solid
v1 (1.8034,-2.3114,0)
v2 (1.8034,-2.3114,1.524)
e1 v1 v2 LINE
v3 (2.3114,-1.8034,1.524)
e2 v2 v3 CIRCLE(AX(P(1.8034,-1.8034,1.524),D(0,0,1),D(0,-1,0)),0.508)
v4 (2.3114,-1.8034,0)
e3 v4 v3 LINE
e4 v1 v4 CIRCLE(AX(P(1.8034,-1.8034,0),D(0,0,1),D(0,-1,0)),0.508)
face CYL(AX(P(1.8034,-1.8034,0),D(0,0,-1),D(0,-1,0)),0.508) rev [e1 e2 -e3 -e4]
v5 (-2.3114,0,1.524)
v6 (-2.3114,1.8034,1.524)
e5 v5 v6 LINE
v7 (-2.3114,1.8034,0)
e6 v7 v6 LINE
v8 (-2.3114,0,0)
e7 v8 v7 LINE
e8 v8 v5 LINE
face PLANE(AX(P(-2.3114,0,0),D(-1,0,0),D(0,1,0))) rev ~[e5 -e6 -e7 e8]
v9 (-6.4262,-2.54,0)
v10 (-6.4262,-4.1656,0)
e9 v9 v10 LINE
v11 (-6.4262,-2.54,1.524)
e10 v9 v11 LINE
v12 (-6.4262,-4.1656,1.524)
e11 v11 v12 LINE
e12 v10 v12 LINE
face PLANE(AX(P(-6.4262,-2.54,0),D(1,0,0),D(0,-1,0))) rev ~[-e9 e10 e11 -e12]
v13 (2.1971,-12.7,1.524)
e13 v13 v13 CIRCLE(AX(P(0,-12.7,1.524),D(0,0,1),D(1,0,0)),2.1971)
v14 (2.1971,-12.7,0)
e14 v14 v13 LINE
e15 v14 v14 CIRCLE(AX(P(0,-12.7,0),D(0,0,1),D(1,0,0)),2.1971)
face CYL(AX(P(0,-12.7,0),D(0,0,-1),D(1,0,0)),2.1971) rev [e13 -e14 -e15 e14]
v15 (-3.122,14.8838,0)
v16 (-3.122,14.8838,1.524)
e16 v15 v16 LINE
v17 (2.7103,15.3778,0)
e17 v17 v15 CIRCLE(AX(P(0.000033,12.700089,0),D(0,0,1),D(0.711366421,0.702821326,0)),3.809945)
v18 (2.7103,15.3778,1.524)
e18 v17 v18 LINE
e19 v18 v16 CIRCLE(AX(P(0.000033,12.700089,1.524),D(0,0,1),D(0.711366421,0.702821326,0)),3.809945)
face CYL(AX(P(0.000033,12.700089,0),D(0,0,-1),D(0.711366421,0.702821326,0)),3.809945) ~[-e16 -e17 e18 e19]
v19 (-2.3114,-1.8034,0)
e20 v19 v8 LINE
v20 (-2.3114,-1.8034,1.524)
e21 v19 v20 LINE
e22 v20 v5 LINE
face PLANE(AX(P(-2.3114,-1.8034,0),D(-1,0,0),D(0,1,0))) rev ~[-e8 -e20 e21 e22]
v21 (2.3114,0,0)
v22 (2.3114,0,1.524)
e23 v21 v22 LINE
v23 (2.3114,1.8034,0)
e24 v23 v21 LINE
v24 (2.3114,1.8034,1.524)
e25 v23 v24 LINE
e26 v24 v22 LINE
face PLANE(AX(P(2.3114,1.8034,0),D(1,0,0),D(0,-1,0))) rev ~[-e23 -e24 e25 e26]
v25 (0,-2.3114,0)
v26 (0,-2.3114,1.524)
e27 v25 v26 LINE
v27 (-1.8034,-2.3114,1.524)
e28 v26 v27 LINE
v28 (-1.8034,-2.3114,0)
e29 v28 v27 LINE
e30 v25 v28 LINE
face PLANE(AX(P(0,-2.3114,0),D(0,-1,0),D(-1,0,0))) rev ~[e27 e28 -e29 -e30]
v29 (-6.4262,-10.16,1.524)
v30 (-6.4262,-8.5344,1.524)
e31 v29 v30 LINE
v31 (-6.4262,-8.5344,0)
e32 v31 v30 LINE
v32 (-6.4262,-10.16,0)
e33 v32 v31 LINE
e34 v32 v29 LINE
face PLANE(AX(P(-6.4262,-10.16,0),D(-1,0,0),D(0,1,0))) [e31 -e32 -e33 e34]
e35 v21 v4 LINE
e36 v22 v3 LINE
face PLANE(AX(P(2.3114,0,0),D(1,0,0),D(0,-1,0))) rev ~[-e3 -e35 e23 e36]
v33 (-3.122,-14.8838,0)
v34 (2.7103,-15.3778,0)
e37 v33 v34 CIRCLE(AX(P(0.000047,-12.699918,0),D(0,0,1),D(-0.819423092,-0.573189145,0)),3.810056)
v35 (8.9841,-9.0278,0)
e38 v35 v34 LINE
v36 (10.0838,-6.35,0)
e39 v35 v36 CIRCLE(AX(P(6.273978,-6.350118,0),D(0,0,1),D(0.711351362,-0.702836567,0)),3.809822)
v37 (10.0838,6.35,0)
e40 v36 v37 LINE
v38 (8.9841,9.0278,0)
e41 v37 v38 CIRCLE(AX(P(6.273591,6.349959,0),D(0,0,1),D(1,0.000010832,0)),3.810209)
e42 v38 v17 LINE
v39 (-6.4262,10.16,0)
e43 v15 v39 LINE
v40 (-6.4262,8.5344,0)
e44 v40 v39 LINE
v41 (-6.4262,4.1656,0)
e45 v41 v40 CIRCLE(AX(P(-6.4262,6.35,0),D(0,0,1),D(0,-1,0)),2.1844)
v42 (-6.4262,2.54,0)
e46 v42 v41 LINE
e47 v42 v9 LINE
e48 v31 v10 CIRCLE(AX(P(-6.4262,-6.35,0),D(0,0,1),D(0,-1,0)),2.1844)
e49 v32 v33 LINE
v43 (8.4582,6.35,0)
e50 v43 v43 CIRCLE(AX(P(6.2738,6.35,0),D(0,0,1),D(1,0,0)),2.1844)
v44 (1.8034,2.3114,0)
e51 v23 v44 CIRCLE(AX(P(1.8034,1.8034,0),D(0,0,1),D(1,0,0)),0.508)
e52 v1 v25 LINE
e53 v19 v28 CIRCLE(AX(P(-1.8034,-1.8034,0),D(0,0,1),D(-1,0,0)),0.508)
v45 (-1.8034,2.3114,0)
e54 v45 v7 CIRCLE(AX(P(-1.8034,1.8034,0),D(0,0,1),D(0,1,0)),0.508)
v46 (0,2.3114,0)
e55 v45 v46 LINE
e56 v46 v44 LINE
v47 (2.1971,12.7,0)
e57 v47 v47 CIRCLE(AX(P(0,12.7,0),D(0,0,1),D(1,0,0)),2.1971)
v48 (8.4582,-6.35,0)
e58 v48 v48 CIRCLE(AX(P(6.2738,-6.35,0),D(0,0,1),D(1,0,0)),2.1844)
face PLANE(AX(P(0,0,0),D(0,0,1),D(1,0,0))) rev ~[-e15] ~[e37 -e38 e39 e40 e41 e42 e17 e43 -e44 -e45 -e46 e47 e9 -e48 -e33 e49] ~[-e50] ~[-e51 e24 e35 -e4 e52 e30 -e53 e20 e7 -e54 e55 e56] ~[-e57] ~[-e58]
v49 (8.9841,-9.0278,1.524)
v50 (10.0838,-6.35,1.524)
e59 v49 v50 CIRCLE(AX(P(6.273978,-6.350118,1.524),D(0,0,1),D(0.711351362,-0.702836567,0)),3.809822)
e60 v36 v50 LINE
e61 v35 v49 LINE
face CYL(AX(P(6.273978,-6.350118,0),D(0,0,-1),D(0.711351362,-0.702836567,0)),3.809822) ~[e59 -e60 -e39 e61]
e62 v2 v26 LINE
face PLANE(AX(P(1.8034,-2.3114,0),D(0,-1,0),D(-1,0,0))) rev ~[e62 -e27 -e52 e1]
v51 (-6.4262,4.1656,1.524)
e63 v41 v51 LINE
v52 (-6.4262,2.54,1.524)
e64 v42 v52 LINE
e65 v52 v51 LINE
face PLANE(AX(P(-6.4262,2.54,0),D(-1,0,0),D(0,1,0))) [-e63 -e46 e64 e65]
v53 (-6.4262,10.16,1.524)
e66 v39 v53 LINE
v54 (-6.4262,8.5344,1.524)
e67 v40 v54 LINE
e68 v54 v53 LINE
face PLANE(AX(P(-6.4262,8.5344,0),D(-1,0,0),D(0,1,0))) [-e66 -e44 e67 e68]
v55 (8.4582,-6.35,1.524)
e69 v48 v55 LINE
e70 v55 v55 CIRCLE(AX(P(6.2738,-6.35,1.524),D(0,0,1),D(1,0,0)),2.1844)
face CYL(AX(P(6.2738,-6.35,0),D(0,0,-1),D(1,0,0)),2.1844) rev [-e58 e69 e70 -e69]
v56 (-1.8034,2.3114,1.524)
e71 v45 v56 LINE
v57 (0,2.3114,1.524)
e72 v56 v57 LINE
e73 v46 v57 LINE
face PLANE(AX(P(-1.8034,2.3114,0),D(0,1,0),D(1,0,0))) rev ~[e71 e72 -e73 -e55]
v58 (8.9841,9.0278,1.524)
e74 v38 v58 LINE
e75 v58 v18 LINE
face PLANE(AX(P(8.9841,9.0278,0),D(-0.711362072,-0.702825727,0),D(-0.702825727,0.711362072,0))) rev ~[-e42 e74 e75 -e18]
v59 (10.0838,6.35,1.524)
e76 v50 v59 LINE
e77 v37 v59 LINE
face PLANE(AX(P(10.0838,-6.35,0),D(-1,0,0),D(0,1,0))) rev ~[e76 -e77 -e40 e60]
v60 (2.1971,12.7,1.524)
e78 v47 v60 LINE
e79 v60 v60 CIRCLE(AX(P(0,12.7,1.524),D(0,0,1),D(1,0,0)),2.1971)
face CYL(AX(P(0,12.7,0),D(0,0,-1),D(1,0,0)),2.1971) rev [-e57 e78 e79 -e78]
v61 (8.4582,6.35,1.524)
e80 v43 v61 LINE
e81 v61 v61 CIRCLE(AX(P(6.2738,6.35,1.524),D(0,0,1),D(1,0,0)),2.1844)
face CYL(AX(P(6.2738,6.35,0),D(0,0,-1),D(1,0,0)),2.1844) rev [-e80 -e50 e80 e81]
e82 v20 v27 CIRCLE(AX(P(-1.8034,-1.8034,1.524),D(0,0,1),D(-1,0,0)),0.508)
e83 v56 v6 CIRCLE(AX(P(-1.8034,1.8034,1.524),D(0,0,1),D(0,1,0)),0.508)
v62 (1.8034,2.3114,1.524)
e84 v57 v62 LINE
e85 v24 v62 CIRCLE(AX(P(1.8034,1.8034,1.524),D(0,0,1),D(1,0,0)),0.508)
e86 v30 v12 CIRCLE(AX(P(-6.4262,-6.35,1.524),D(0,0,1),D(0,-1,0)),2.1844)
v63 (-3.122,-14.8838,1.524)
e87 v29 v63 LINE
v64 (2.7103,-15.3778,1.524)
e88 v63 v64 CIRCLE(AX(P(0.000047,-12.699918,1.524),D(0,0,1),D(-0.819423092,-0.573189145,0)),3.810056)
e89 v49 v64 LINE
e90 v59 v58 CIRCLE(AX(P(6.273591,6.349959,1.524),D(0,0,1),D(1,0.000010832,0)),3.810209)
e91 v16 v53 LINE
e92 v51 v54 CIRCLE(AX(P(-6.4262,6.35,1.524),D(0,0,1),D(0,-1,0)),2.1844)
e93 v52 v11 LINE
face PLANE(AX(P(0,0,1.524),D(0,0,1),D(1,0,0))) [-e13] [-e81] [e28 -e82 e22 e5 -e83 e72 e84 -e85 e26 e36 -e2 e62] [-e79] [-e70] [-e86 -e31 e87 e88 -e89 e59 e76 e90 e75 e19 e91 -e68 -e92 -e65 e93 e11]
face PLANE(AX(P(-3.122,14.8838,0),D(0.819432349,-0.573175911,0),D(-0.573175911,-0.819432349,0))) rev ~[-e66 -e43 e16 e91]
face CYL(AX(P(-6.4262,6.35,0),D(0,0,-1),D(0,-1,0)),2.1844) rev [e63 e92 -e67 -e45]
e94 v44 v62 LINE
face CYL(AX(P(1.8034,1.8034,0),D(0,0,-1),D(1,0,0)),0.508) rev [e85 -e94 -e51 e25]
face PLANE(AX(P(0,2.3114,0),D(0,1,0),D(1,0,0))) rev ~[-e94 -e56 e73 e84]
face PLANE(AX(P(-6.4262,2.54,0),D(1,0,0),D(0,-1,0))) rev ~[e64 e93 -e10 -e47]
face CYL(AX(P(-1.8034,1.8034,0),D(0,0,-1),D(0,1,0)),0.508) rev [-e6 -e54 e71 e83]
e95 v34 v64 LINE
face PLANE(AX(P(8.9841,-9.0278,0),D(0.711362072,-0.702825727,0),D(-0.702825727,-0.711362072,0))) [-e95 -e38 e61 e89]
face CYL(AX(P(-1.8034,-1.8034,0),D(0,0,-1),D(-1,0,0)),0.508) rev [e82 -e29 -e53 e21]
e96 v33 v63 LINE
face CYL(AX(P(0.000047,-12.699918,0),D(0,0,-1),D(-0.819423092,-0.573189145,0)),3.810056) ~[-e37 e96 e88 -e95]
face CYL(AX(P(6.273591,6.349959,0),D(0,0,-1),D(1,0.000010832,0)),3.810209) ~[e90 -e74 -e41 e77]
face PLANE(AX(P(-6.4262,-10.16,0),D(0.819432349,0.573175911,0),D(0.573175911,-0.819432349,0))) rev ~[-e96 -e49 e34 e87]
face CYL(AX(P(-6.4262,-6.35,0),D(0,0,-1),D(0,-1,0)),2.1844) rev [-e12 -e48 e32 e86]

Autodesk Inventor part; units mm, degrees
ref_plane "YZ Plane" through (0, 0, 0) normal (1, 0, 0) x (0, 1, 0)
ref_plane "XZ Plane" through (0, 0, 0) normal (0, 1, 0) x (-1, 0, 0)
ref_plane "XY Plane" through (0, 0, 0) normal (0, 0, 1) x (1, 0, 0)
sketch "Sketch1" plane through (0, 0, 0) normal (0, 0, 1) x (1, 0, 0)
  line L0 (0, 0) -> (0, -2.3114)
  line L1 (0, 0) -> (0, 2.3114)
  line L2 (0, 0) -> (2.3114, 0)
  line L3 (0, 0) -> (-2.3114, 0)
  line L4 (0, -2.3114) -> (-1.8034, -2.3114)
  line L5 (-2.3114, -1.8034) -> (-2.3114, 1.8034)
  line L6 (-1.8034, 2.3114) -> (1.8034, 2.3114)
  line L7 (2.3114, 1.8034) -> (2.3114, -1.8034)
  line L8 (1.8034, -2.3114) -> (0, -2.3114)
  arc A0 (1.8034, -2.3114) -> (2.3114, -1.8034) centre (1.8034, -1.8034) ccw
  arc A1 (-2.3114, -1.8034) -> (-1.8034, -2.3114) centre (-1.8034, -1.8034) ccw
  arc A2 (-1.8034, 2.3114) -> (-2.3114, 1.8034) centre (-1.8034, 1.8034) ccw
  arc A3 (2.3114, 1.8034) -> (1.8034, 2.3114) centre (1.8034, 1.8034) ccw
  circle A4 centre (6.2738, -6.35) radius 2.1844 projected
  circle A5 centre (6.2738, 6.35) radius 2.1844 projected
  line L9 (-6.4262, -10.16) -> (-6.4262, -8.5344)
  line L10 (-6.4262, -2.54) -> (-6.4262, -4.1656)
  arc A6 (-6.4262, -8.5344) -> (-6.4262, -4.1656) centre (-6.4262, -6.35) ccw
  arc A7 (-6.4262, 4.1656) -> (-6.4262, 8.5344) centre (-6.4262, 6.35) ccw
  line L11 (-6.4262, 2.54) -> (-6.4262, 4.1656)
  line L12 (-6.4262, 8.5344) -> (-6.4262, 10.16)
  circle A8 centre (0, -12.7) radius 2.1971 projected
  circle A9 centre (0, 12.7) radius 2.1971 projected
  line L13 (-3.122, 14.8838) -> (-6.4262, 10.16)
  line L14 (-6.4262, -10.16) -> (-3.122, -14.8838)
  line L15 (8.9841, -9.0278) -> (2.7103, -15.3778)
  line L16 (10.0838, -6.35) -> (10.0838, 6.35)
  line L17 (8.9841, 9.0278) -> (2.7103, 15.3778)
  arc A10 (-3.122, -14.8838) -> (2.7103, -15.3778) centre (0, -12.7) ccw
  arc A11 (8.9841, -9.0278) -> (10.0838, -6.35) centre (6.2738, -6.35) ccw
  arc A12 (10.0838, 6.35) -> (8.9841, 9.0278) centre (6.2738, 6.35) ccw
  arc A13 (2.7103, 15.3778) -> (-3.122, 14.8838) centre (0, 12.7) ccw
  line L18 (-6.4262, 2.54) -> (-6.4262, -2.54)
  point P0 (2.3114, -2.3114)
  dimension "d0" = 2.3114
  dimension "d1" = 2.3114
  dimension "d2" = 2.3114
  dimension "d3" = 2.3114
  dimension "d4" = 0.508
extrude "Extrusion1" add sketch "Sketch1" along normal blind 1.524
properties part number "pto-shaft-support"
